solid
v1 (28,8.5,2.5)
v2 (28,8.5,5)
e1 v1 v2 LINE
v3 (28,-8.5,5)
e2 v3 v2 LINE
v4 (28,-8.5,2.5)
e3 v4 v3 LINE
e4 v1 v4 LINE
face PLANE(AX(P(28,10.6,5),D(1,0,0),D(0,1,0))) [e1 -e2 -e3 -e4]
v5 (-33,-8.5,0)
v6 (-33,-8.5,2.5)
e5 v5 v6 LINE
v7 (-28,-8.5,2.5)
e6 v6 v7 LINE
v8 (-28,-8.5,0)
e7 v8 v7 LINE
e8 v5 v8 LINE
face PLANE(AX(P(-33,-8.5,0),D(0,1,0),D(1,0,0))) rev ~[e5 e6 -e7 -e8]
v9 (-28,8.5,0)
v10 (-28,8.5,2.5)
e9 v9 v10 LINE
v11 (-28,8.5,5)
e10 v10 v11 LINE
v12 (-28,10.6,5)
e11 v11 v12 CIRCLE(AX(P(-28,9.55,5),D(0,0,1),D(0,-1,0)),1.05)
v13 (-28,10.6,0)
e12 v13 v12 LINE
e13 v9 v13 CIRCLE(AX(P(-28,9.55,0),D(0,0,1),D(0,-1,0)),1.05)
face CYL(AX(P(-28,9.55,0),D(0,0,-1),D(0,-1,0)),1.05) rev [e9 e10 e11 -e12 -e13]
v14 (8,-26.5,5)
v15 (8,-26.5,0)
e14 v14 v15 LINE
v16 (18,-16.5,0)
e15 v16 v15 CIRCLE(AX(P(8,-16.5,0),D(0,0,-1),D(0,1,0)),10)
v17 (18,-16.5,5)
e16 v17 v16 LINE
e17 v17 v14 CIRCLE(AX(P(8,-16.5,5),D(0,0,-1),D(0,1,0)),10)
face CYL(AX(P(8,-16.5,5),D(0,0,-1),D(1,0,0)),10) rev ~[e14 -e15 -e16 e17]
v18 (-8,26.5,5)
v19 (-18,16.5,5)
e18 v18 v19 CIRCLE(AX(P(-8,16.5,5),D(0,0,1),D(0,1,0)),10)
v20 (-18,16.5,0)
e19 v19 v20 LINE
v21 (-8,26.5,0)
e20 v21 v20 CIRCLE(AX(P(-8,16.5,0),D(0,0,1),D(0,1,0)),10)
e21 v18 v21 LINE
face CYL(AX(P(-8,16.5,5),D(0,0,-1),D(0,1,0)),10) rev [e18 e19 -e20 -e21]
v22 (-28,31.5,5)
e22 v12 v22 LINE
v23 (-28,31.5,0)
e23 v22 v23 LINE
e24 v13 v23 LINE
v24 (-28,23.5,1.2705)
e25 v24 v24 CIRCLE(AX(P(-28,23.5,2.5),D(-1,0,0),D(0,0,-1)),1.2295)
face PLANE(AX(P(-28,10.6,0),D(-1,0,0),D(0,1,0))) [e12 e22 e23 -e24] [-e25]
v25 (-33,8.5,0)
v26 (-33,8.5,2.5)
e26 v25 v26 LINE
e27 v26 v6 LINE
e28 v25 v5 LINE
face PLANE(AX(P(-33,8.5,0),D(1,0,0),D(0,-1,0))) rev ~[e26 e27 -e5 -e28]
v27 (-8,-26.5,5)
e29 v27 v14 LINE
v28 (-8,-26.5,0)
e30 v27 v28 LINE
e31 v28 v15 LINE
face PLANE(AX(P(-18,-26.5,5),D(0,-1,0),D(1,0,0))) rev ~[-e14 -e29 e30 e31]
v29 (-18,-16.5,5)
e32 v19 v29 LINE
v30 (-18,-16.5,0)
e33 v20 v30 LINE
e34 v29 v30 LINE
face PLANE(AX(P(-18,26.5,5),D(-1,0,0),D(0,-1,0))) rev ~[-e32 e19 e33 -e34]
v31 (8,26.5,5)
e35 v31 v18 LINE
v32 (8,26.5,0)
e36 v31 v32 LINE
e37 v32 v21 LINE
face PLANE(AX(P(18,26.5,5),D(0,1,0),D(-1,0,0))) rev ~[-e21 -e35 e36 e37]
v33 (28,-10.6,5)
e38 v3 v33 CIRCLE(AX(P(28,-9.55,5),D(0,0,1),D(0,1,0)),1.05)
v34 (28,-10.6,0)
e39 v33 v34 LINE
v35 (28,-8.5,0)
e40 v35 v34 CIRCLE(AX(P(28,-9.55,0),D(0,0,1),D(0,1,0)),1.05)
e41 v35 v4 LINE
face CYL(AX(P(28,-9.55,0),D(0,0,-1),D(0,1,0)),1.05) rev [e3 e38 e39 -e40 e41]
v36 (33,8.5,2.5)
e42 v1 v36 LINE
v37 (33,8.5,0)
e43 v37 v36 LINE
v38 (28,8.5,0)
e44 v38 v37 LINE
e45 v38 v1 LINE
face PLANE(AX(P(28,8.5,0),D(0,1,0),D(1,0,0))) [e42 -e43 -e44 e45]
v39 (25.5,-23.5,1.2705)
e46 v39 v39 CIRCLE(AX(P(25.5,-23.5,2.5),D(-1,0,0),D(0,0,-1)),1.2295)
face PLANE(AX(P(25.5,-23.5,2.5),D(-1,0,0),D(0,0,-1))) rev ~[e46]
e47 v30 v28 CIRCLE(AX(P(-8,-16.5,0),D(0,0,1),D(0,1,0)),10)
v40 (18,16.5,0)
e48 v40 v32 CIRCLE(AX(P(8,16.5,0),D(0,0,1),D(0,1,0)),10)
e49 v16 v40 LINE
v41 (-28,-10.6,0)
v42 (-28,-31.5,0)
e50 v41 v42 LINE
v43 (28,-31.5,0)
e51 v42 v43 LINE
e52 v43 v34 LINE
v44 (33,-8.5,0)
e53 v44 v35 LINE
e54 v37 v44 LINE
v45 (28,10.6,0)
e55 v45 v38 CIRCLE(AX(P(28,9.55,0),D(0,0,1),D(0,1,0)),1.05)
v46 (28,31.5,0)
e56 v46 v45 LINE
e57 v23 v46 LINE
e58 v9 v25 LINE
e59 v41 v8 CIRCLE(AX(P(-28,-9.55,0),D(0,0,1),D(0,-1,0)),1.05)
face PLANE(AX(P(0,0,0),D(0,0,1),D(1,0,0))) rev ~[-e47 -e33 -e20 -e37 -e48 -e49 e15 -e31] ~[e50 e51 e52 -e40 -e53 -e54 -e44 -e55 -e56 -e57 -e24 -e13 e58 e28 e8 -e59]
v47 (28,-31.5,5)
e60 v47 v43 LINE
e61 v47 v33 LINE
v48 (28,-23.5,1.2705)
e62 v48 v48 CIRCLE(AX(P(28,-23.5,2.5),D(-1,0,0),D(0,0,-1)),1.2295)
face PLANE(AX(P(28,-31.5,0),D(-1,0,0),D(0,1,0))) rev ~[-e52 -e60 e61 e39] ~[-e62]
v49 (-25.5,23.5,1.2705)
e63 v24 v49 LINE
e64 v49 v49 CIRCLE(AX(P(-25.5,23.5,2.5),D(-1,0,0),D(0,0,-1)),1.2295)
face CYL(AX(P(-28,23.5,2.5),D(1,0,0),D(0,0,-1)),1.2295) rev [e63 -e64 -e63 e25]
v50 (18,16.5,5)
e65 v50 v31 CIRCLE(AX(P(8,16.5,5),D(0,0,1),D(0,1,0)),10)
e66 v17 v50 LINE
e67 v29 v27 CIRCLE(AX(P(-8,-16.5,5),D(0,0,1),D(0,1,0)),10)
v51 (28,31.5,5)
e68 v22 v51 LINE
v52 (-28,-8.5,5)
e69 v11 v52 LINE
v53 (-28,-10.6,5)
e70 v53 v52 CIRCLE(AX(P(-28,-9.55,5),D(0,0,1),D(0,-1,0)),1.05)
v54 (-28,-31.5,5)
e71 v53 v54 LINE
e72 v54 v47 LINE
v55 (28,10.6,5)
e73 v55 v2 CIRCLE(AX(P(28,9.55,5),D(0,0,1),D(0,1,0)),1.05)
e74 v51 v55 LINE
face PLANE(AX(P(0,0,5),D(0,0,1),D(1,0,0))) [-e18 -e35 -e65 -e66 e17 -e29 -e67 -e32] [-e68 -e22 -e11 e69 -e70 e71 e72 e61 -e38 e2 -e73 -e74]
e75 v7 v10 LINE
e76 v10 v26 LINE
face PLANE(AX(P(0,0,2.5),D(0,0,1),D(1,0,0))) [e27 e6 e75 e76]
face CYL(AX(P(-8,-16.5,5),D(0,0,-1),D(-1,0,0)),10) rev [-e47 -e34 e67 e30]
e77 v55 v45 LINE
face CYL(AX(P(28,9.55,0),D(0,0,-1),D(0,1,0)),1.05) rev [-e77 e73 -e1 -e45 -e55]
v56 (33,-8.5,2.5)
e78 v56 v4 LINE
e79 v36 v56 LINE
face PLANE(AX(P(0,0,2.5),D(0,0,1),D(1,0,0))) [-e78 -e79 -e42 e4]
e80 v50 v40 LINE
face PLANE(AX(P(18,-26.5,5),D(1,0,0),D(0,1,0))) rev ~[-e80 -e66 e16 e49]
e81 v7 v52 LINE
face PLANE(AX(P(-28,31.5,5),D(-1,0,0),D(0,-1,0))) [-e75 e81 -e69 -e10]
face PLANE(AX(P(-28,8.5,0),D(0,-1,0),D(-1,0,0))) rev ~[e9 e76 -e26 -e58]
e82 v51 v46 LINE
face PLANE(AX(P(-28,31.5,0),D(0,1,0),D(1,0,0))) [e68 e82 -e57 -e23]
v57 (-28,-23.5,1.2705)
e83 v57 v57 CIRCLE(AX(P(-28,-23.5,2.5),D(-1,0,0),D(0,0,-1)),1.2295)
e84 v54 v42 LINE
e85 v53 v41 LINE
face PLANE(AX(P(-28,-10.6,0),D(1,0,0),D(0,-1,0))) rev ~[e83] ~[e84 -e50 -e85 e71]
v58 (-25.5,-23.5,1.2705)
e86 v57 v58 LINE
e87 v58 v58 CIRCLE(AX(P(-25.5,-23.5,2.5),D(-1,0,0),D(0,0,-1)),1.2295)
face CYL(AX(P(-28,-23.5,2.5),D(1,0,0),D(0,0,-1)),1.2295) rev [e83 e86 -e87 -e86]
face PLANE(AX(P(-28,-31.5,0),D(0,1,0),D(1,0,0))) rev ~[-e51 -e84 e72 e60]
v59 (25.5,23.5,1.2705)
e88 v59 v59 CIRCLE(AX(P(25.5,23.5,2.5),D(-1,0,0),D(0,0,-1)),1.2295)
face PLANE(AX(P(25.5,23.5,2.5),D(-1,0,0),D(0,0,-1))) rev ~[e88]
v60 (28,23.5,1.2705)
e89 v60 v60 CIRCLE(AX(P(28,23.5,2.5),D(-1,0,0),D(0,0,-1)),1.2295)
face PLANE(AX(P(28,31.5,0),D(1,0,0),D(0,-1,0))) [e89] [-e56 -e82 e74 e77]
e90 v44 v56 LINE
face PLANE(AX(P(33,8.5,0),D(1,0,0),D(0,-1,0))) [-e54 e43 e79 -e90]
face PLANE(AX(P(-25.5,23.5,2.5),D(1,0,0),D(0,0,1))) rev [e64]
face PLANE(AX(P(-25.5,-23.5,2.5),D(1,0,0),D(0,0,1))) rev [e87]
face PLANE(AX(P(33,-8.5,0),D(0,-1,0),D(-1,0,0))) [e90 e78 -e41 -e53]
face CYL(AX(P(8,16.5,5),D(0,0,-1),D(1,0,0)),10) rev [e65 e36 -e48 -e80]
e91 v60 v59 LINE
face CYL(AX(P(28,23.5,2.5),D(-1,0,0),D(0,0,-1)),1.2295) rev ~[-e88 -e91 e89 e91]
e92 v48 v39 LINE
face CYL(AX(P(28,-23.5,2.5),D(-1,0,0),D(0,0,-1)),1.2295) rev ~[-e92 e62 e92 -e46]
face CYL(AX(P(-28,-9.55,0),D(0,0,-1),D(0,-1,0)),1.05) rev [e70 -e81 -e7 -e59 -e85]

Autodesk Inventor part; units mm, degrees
ref_plane "YZ Plane" through (0, 0, 0) normal (1, 0, 0) x (0, 1, 0)
ref_plane "XZ Plane" through (0, 0, 0) normal (0, 1, 0) x (-1, 0, 0)
ref_plane "XY Plane" through (0, 0, 0) normal (0, 0, 1) x (1, 0, 0)
sketch "スケッチ1" plane through (0, 0, 0) normal (0, 0, 1) x (1, 0, 0)
  line L0 (-28, -31.5) -> (28, -31.5) construction
  line L1 (28, -31.5) -> (28, 31.5) construction
  line L2 (28, 31.5) -> (-28, 31.5) construction
  line L3 (-28, 31.5) -> (-28, -31.5) construction
  line L4 (-28, -31.5) -> (28, 31.5) construction
  line L5 (28, -31.5) -> (-28, 31.5) construction
  line L6 (-28, 10.6) -> (-28, 31.5)
  line L7 (-28, 31.5) -> (28, 31.5)
  line L8 (28, 31.5) -> (28, 10.6)
  line L9 (-28, -10.6) -> (-28, -31.5)
  line L10 (-28, -31.5) -> (28, -31.5)
  line L11 (28, -31.5) -> (28, -10.6)
  line L12 (-28, 8.5) -> (-33, 8.5)
  line L13 (-33, 8.5) -> (-33, -8.5)
  line L14 (-33, -8.5) -> (-28, -8.5)
  line L15 (28, 8.5) -> (33, 8.5)
  line L16 (33, 8.5) -> (33, -8.5)
  line L17 (33, -8.5) -> (28, -8.5)
  line L18 (0, 0) -> (0, 31.5) construction
  line L19 (0, 0) -> (28, 0) construction
  arc A0 (-28, 8.5) -> (-28, 10.6) centre (-28, 9.55) ccw
  arc A1 (-28, -10.6) -> (-28, -8.5) centre (-28, -9.55) ccw
  arc A2 (28, 10.6) -> (28, 8.5) centre (28, 9.55) ccw
  arc A3 (28, -8.5) -> (28, -10.6) centre (28, -9.55) ccw
  dimension "d45" = 63
  dimension "d73" = 56
  dimension "d74" = 1.05
  dimension "d75" = 5
  dimension "d76" = 23
extrude "押し出し1" add sketch "スケッチ1" along normal blind 5
sketch "スケッチ2" plane through (0, 0, 5) normal (0, 0, 1) x (1, 0, 0)
  line L0 (-28, 31.5) -> (-28, 10.6) projected
  line L1 (28, 10.6) -> (28, 31.5) projected
  line L2 (-50.9845, 57.5344) -> (-28, 57.5344)
  line L3 (-28, 57.5344) -> (-28, -57.37)
  line L4 (-28, -57.37) -> (-50.9845, -57.37)
  line L5 (-50.9845, -57.37) -> (-50.9845, 57.5344)
  line L6 (28, 64.7229) -> (65.0267, 64.7229)
  line L7 (65.0267, 64.7229) -> (65.0267, -57.37)
  line L8 (65.0267, -57.37) -> (28, -57.37)
  line L9 (28, -57.37) -> (28, 64.7229)
  point P0 (0, 0)
extrude "押し出し2" cut sketch "スケッチ2" against normal blind 2.5
sketch "スケッチ3" plane through (28, -31.5, 0) normal (1, 0, 0) x (0, 0, -1)
  line L0 (0, 0) -> (-5, 0) projected
  line L1 (0, 63) -> (-5, 63) projected
  point P0 (0, 31.5)
  point P1 (-2.5, 8)
  point P2 (-2.5, 55)
  point P3 (-2.5, 0)
  dimension "d81" = 8
  dimension "d82" = 8
hole "穴1" at (28, -23.5, 2.5) at (28, 23.5, 2.5) direction (-1, 0, 0) diameter 2.459 depth 2.5 thread size "M3x0.5" class "6H" standard "ISO Metric profile"
mirror "ミラー1" about plane through (0, 0, 0) normal (1, 0, 0) of "穴1"
sketch "スケッチ4" plane through (0, 0, 5) normal (0, 0, 1) x (1, 0, 0)
  line L0 (-28, -31.5) -> (28, -31.5) projected
  line L1 (28, -31.5) -> (28, -10.6) projected
  line L2 (18, 26.5) -> (-18, 26.5)
  line L3 (-18, 26.5) -> (-18, -26.5)
  line L4 (-18, -26.5) -> (18, -26.5)
  line L5 (18, -26.5) -> (18, 26.5)
  line L6 (18, 26.5) -> (-18, -26.5) construction
  line L7 (-18, 26.5) -> (18, -26.5) construction
  point P0 (0, 0)
  dimension "d90" = 10
  dimension "d91" = 5
extrude "押し出し3" cut sketch "スケッチ4" against normal blind 10
fillet "フィレット1" radius 10 4 edges at (18, -26.5, 2.5) (-18, -26.5, 2.5) (-18, 26.5, 2.5) (18, 26.5, 2.5)
equation "\"d45\" = d1"
equation "\"d76\" = d20 + d23"
equation "\"d81\" = d20"
equation "\"d82\" = d81"
equation "\"d1\" = 63"
equation "\"d20\" = 8"
equation "\"d23\" = 15"
properties part number "コックピット_2_サブフレーム_4" material "アセタール樹脂、黒"
